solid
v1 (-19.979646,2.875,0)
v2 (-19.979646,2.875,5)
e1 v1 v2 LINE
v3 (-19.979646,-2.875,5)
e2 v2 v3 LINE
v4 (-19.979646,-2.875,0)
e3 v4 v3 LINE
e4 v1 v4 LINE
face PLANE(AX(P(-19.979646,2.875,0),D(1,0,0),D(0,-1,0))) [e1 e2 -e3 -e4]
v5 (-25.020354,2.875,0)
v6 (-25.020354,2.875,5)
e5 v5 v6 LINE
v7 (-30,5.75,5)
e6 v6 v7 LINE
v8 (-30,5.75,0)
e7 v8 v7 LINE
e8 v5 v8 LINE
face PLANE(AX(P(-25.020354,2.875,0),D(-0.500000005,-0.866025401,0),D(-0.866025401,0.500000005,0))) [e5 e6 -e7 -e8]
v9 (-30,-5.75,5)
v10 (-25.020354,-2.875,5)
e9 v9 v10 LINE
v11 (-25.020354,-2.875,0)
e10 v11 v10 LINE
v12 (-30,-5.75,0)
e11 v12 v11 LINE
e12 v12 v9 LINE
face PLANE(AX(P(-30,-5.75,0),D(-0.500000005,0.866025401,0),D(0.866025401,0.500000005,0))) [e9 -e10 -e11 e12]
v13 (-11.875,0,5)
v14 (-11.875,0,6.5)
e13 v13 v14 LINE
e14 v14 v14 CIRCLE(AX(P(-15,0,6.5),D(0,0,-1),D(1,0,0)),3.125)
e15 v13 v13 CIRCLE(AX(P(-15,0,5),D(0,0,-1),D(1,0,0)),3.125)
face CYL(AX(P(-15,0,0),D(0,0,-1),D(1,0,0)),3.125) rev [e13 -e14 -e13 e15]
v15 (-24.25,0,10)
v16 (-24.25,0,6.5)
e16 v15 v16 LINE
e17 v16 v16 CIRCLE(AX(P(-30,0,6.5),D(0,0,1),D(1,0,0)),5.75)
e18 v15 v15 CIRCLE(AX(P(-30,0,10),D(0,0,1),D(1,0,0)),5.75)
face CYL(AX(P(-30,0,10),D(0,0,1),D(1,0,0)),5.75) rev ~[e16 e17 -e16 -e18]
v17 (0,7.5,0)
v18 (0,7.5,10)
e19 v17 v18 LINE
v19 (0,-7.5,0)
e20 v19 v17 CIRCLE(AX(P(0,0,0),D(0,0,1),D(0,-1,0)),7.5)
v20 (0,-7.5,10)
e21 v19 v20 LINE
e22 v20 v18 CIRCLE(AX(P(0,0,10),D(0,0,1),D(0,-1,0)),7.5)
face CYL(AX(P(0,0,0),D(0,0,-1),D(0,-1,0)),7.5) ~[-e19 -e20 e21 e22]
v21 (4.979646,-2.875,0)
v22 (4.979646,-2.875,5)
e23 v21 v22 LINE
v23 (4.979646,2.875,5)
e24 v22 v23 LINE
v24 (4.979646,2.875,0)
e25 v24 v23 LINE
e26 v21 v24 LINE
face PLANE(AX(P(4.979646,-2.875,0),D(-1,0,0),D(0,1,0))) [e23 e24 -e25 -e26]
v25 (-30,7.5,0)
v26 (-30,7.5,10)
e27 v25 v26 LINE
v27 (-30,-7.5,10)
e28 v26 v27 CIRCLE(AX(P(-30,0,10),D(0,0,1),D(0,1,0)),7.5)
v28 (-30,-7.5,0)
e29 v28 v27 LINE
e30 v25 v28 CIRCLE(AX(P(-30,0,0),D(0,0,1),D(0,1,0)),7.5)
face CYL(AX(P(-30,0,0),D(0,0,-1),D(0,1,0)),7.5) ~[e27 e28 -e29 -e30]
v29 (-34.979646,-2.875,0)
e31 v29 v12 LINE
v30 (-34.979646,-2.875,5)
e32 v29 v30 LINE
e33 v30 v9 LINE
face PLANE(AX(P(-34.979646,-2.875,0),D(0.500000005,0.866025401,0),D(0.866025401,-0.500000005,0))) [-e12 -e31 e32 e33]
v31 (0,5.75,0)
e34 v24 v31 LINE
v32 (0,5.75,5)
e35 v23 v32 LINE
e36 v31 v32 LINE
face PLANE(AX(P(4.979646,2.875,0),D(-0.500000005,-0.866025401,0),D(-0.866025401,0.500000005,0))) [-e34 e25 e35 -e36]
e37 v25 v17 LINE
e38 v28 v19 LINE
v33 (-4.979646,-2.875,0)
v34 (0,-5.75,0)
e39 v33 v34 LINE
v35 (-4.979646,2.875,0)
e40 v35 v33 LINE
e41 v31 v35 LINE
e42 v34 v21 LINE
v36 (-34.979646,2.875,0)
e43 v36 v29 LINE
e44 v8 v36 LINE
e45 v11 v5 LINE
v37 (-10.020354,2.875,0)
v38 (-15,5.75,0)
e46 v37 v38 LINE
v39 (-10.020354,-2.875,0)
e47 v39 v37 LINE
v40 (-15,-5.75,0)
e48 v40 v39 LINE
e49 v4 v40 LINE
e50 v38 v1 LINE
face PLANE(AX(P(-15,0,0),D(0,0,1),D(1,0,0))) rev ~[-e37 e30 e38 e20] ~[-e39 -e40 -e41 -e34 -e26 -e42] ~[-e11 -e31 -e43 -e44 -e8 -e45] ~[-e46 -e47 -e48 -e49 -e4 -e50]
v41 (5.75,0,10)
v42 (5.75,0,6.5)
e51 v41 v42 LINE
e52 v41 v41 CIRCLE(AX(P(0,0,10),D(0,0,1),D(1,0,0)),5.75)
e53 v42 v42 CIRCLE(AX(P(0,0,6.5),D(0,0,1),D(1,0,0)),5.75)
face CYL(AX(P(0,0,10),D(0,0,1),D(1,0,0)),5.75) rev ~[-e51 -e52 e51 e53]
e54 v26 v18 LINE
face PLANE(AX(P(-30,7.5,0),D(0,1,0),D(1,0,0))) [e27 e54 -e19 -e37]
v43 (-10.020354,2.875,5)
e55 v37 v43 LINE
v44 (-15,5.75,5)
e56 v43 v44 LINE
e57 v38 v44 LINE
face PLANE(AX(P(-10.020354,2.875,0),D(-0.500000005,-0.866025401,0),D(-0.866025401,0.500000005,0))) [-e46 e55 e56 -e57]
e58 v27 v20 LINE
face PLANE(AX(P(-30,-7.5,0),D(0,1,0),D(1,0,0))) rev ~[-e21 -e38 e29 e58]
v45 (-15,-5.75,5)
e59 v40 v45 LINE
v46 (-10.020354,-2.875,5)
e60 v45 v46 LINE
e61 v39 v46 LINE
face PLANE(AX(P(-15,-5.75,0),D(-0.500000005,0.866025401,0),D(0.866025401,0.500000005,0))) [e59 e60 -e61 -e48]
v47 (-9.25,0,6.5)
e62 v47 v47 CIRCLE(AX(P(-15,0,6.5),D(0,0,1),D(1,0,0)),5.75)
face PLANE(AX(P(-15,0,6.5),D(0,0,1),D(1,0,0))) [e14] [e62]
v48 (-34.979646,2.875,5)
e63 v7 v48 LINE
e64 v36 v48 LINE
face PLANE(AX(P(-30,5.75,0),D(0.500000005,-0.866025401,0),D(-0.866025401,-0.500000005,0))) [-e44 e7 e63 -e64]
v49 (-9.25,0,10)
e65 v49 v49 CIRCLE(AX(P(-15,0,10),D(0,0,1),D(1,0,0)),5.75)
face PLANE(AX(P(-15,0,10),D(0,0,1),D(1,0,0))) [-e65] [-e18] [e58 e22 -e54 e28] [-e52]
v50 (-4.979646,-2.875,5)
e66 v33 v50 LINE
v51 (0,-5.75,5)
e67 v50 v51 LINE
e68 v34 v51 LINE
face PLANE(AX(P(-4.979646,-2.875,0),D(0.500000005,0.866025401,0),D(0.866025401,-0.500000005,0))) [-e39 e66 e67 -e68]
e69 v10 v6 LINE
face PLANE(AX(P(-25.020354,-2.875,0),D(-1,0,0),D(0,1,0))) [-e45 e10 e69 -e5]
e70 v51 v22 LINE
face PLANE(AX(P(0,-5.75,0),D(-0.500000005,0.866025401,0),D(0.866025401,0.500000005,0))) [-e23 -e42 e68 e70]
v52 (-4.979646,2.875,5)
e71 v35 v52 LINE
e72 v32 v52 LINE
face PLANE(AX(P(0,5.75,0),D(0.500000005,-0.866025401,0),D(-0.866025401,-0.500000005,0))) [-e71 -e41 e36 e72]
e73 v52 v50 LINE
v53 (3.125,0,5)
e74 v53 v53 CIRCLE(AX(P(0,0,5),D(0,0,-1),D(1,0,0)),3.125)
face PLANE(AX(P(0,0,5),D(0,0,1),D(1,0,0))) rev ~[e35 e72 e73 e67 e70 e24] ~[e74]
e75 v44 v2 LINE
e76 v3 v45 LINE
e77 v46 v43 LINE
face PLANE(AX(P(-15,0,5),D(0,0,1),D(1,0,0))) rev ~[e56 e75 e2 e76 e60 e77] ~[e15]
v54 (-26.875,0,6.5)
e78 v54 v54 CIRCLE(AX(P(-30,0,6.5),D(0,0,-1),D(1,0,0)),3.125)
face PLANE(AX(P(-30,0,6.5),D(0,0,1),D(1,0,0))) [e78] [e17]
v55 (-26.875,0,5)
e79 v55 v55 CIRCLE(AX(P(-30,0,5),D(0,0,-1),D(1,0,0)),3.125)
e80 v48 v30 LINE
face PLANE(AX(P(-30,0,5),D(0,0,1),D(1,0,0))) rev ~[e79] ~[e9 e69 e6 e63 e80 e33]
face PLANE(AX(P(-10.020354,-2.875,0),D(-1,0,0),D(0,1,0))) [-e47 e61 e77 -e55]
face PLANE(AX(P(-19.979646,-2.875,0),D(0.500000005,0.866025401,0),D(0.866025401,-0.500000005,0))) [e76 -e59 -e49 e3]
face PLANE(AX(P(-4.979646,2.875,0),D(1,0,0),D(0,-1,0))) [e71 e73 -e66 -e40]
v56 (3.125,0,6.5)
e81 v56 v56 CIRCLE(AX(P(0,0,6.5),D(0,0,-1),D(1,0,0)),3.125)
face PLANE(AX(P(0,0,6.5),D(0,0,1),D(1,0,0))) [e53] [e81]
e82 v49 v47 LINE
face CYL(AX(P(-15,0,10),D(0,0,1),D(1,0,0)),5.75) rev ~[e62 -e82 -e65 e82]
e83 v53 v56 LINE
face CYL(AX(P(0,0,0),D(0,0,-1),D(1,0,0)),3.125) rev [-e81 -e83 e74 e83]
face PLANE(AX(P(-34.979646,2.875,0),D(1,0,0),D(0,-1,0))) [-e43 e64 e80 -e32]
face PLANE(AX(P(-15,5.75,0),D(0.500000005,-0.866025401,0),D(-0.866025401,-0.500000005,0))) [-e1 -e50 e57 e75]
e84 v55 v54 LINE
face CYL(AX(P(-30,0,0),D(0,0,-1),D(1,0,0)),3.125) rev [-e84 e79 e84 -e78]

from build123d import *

# Parameters (mm, degrees)
PAD_DEPTH       = 10
SKETCH001_R     = 3.125
POCKET_DEPTH    = 10.001
SKETCH003_R     = 5.75
POCKET001_DEPTH = 3.5
POCKET002_DEPTH = 5


with BuildPart() as part:
    # Sketch → Pad (new body)
    with BuildSketch(Plane.XY):
        with BuildLine():
            ThreePointArc((-30, 7.5), (-37.5, 0), (-30, -7.5))
            Line((-30, -7.5), (0, -7.5))
            ThreePointArc((0, -7.5), (7.5, 0), (0, 7.5))
            Line((-30, 7.5), (0, 7.5))
        make_face()
    extrude(amount=PAD_DEPTH)

    # Sketch001 → Pocket (cut, through all)
    with BuildSketch(Plane.XY):
        with Locations((-15, 0)):
            Circle(SKETCH001_R)
        Circle(SKETCH001_R)
        with Locations((-30, 0)):
            Circle(SKETCH001_R)
    extrude(amount=POCKET_DEPTH, mode=Mode.SUBTRACT)

    # Sketch003 → Pocket001 (cut)
    with BuildSketch(Plane.XY.offset(10)):
        with Locations((-15, 0)):
            Circle(SKETCH003_R)
        with Locations((-30, 0)):
            Circle(SKETCH003_R)
        Circle(SKETCH003_R)
    extrude(amount=-POCKET001_DEPTH, mode=Mode.SUBTRACT)

    # Sketch004 → Pocket002 (cut)
    with BuildSketch(Plane.XY):
        Polygon((4.979646, -2.875), (4.979646, 2.875), (0, 5.75), (-4.979646, 2.875), (-4.979646, -2.875), (0, -5.75), align=None)
        Polygon((-25.020354, -2.875), (-25.020354, 2.875), (-30, 5.75), (-34.979646, 2.875), (-34.979646, -2.875), (-30, -5.75), align=None)
        Polygon((-10.020354, -2.875), (-10.020354, 2.875), (-15, 5.75), (-19.979646, 2.875), (-19.979646, -2.875), (-15, -5.75), align=None)
    extrude(amount=POCKET002_DEPTH, mode=Mode.SUBTRACT)


solid = part.part
